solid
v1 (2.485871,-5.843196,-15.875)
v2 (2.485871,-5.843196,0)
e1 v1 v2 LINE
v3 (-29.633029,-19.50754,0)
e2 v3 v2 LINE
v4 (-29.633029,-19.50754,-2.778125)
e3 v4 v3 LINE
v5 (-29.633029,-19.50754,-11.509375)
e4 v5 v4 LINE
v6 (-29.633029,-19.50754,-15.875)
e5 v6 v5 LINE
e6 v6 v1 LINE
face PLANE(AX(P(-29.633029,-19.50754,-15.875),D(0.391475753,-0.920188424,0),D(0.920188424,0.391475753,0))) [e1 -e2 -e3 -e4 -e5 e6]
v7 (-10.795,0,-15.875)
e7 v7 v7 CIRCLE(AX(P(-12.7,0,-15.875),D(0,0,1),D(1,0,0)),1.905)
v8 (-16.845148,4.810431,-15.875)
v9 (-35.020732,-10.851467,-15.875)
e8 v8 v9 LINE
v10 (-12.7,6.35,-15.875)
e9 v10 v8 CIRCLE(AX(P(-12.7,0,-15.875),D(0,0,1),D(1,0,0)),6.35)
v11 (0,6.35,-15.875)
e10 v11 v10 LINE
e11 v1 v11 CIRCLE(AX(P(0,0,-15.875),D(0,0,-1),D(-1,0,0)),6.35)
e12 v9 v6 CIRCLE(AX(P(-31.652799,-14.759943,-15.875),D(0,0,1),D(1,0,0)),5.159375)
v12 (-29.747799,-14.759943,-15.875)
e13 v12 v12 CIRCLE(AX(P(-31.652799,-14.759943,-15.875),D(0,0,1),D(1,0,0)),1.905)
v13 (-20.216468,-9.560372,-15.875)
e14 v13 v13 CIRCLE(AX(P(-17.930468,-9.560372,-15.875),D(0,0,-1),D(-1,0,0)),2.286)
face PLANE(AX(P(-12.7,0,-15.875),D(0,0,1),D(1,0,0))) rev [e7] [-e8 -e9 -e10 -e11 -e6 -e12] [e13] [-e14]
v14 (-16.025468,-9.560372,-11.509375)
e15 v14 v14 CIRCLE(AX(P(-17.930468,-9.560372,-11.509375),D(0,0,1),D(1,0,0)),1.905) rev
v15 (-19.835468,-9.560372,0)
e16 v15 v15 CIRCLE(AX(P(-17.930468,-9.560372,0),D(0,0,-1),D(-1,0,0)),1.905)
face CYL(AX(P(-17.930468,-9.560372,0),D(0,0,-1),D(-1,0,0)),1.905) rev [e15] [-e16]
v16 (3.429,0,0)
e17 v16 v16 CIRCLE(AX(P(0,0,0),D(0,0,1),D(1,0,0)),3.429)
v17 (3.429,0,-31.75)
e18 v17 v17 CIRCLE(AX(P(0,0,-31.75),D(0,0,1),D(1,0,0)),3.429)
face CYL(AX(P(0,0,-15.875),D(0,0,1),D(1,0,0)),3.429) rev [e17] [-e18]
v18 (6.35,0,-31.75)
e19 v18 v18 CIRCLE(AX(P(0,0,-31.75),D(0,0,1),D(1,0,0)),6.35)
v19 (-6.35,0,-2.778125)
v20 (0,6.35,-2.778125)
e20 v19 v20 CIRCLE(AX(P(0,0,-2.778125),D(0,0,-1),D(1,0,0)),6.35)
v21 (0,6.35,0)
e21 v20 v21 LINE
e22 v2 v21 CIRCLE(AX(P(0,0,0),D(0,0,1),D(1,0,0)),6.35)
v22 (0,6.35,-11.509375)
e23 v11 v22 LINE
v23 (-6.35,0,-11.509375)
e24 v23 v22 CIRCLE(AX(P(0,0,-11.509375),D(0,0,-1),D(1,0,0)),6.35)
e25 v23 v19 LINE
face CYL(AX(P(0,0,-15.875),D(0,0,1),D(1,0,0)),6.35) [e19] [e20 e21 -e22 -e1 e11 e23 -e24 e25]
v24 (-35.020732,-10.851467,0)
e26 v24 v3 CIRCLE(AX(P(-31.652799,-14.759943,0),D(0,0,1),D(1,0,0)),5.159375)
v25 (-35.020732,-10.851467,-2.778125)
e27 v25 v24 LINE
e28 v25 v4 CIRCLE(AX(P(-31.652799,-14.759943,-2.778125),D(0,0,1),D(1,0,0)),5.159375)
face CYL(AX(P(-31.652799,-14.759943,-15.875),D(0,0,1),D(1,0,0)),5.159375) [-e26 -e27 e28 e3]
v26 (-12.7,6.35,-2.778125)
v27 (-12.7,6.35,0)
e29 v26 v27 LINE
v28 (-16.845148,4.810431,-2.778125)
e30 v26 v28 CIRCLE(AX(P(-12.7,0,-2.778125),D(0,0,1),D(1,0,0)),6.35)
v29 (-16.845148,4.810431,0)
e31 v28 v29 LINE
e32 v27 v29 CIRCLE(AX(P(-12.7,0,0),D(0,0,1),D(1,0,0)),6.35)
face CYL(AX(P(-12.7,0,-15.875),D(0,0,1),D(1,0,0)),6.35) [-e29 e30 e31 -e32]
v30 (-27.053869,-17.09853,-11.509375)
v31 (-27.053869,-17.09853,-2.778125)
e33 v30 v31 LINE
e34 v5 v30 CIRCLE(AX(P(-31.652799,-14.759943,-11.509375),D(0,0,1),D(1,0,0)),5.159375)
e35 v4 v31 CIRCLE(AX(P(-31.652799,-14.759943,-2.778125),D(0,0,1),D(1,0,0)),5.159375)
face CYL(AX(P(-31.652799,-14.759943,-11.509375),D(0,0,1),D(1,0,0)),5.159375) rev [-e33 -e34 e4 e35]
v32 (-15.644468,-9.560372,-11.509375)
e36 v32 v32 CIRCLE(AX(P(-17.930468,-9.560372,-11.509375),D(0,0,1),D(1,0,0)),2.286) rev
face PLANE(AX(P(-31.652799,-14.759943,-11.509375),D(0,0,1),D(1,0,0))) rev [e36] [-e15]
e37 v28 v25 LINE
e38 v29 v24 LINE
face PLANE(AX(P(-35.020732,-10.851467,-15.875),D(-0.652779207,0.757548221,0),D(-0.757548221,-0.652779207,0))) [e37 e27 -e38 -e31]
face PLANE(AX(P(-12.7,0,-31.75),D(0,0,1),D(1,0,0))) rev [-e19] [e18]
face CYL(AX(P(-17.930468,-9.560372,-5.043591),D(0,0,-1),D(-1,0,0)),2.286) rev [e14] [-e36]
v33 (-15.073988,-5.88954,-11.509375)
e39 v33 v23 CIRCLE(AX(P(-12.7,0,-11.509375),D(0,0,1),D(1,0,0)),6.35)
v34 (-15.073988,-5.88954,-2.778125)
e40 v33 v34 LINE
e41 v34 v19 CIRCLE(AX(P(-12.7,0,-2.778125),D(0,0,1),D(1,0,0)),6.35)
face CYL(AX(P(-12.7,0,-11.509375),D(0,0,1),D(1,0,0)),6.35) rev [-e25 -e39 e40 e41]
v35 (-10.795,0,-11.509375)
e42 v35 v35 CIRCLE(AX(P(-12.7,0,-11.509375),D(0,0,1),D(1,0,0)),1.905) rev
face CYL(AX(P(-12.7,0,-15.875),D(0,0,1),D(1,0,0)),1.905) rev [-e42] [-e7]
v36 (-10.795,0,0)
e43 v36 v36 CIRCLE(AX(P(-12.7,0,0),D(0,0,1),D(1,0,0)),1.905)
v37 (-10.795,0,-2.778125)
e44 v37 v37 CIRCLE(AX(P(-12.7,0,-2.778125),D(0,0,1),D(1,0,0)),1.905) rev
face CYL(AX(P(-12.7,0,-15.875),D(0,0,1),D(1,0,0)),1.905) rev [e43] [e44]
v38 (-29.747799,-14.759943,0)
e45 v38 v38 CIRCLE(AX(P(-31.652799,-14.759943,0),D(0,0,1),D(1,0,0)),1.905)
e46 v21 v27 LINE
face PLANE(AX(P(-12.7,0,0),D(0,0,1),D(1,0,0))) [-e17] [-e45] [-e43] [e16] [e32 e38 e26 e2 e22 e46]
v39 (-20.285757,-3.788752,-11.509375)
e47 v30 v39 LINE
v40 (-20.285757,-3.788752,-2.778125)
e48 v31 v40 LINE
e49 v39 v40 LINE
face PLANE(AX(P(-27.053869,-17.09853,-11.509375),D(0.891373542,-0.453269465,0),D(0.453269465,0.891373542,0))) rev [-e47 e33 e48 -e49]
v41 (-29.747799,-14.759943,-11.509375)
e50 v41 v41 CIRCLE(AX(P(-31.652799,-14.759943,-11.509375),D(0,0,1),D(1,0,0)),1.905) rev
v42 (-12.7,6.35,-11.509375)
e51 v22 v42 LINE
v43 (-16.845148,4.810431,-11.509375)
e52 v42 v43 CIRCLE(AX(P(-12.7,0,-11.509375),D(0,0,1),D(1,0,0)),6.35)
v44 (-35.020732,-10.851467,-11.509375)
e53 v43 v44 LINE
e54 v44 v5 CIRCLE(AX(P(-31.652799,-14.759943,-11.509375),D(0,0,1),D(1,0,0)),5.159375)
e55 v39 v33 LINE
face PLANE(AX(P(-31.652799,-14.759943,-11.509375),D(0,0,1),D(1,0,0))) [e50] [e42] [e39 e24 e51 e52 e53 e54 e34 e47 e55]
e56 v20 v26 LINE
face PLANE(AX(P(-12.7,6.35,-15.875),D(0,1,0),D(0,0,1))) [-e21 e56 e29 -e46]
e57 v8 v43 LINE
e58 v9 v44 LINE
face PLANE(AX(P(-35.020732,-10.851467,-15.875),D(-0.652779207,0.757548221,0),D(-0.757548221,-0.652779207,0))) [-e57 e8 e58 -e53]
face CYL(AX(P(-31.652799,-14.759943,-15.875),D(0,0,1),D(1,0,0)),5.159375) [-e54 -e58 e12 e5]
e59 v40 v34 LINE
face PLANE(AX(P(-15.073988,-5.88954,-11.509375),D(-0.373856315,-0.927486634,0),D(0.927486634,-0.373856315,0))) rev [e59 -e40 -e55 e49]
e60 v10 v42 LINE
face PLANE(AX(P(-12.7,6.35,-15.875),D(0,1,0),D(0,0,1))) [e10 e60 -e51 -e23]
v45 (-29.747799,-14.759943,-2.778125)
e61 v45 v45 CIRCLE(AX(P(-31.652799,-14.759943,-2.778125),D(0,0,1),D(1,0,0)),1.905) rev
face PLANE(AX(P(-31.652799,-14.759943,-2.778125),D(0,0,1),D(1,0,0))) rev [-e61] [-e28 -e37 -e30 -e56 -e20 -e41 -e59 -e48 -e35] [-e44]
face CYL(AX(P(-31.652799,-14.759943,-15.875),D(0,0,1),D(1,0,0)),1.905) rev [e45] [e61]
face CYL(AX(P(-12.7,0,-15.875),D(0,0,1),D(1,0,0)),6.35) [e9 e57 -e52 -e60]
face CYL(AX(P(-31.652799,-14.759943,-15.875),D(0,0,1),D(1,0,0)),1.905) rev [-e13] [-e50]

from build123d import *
from build123d.topology import SkipClean

# Parameters (mm, degrees)
SKETCH1_R           = 1.905
SKETCH1_R_2         = 3.429
BOSS_EXTRUDE1_DEPTH = 15.875
CUT_EXTRUDE2_DEPTH  = 4.365625
SKETCH6_R           = 6.35
SKETCH6_R_2         = 3.429
BOSS_EXTRUDE2_DEPTH = 15.875
SKETCH7_R           = 1.905
CUT_EXTRUDE4_DEPTH  = 45.765288281
SKETCH8_R           = 2.286
CUT_EXTRUDE5_DEPTH  = 4.365625


with BuildPart() as part:
    # Sketch1 → Boss-Extrude1 (new body)
    with BuildSketch(Plane.XY):
        with BuildLine():
            Line((-29.633029251, -19.50753994), (2.485871029, -5.843196491))
            ThreePointArc((2.485871029, -5.843196491), (6.22200923, 1.268503505), (0, 6.35))
            Line((0, 6.35), (-12.7, 6.35))
            ThreePointArc((-12.7, 6.35), (-14.910911787, 5.952677471), (-16.845147964, 4.810431203))
            Line((-16.845147964, 4.810431203), (-35.020732183, -10.851467439))
            ThreePointArc((-35.020732183, -10.851467439), (-36.033014448, -17.486271287), (-29.633029251, -19.50753994))
        make_face()
        with Locations((-12.7, 0)):
            Circle(SKETCH1_R, mode=Mode.SUBTRACT)
        with Locations((-31.652799462, -14.759942791)):
            Circle(SKETCH1_R, mode=Mode.SUBTRACT)
        Circle(SKETCH1_R_2, mode=Mode.SUBTRACT)
    extrude(amount=-BOSS_EXTRUDE1_DEPTH)

    # Sketch4 → Cut-Extrude2 (cut, symmetric)
    with SkipClean():  # the faces are left unmerged after this step: merging them gives an invalid solid
        with BuildSketch(Plane.XY.offset(-7.14375)):
            with BuildLine():
                Line((0, 6.35), (-12.7, 6.35))
                ThreePointArc((-12.7, 6.35), (-14.910911787, 5.952677471), (-16.845147964, 4.810431203))
                Line((-16.845147964, 4.810431203), (-35.020732183, -10.851467439))
                ThreePointArc((-35.020732183, -10.851467439), (-36.033014448, -17.486271287), (-29.633029251, -19.50753994))
                ThreePointArc((-29.633029251, -19.50753994), (-28.131062442, -18.530422701), (-27.053869093, -17.098529939))
                Line((-27.053869093, -17.098529939), (-20.285757113, -3.788751957))
                Line((-20.285757113, -3.788751957), (-15.073987601, -5.889540124))
                ThreePointArc((-15.073987601, -5.889540124), (-9.146995726, -5.262951703), (-6.35, 0))
                ThreePointArc((-6.35, 0), (-4.490128061, 4.490128061), (0, 6.35))
            make_face()
        extrude(amount=CUT_EXTRUDE2_DEPTH, both=True, mode=Mode.SUBTRACT)

    # Sketch6 → Boss-Extrude2 (add)
    with SkipClean():  # the faces are left unmerged after this step: merging them gives an invalid solid
        with BuildSketch(Plane(origin=(0, 0, -15.875), x_dir=(-1, 0, 0), z_dir=(0, 0, -1))):
            with Locations(Location((0, 0, 0), (0, 0, 180))):
                Circle(SKETCH6_R)
            with Locations(Location((0, 0, 0), (0, 0, 180))):
                Circle(SKETCH6_R_2, mode=Mode.SUBTRACT)
        extrude(amount=BOSS_EXTRUDE2_DEPTH)

    # Sketch7 → Cut-Extrude4 (cut, through all)
    with SkipClean():  # the faces are left unmerged after this step: merging them gives an invalid solid
        with BuildSketch(Plane(origin=(0, 0, -15.875), x_dir=(-1, 0, 0), z_dir=(0, 0, -1))):
            with Locations((17.930468191, -9.560371879)):
                Circle(SKETCH7_R)
        extrude(amount=-CUT_EXTRUDE4_DEPTH, mode=Mode.SUBTRACT)

    # Sketch8 → Cut-Extrude5 (cut)
    with SkipClean():  # the faces are left unmerged after this step: merging them gives an invalid solid
        with BuildSketch(Plane(origin=(0, 0, -15.875), x_dir=(-1, 0, 0), z_dir=(0, 0, -1))):
            with Locations((17.930468191, -9.560371879)):
                Circle(SKETCH8_R)
        extrude(amount=-CUT_EXTRUDE5_DEPTH, mode=Mode.SUBTRACT)


solid = part.part
